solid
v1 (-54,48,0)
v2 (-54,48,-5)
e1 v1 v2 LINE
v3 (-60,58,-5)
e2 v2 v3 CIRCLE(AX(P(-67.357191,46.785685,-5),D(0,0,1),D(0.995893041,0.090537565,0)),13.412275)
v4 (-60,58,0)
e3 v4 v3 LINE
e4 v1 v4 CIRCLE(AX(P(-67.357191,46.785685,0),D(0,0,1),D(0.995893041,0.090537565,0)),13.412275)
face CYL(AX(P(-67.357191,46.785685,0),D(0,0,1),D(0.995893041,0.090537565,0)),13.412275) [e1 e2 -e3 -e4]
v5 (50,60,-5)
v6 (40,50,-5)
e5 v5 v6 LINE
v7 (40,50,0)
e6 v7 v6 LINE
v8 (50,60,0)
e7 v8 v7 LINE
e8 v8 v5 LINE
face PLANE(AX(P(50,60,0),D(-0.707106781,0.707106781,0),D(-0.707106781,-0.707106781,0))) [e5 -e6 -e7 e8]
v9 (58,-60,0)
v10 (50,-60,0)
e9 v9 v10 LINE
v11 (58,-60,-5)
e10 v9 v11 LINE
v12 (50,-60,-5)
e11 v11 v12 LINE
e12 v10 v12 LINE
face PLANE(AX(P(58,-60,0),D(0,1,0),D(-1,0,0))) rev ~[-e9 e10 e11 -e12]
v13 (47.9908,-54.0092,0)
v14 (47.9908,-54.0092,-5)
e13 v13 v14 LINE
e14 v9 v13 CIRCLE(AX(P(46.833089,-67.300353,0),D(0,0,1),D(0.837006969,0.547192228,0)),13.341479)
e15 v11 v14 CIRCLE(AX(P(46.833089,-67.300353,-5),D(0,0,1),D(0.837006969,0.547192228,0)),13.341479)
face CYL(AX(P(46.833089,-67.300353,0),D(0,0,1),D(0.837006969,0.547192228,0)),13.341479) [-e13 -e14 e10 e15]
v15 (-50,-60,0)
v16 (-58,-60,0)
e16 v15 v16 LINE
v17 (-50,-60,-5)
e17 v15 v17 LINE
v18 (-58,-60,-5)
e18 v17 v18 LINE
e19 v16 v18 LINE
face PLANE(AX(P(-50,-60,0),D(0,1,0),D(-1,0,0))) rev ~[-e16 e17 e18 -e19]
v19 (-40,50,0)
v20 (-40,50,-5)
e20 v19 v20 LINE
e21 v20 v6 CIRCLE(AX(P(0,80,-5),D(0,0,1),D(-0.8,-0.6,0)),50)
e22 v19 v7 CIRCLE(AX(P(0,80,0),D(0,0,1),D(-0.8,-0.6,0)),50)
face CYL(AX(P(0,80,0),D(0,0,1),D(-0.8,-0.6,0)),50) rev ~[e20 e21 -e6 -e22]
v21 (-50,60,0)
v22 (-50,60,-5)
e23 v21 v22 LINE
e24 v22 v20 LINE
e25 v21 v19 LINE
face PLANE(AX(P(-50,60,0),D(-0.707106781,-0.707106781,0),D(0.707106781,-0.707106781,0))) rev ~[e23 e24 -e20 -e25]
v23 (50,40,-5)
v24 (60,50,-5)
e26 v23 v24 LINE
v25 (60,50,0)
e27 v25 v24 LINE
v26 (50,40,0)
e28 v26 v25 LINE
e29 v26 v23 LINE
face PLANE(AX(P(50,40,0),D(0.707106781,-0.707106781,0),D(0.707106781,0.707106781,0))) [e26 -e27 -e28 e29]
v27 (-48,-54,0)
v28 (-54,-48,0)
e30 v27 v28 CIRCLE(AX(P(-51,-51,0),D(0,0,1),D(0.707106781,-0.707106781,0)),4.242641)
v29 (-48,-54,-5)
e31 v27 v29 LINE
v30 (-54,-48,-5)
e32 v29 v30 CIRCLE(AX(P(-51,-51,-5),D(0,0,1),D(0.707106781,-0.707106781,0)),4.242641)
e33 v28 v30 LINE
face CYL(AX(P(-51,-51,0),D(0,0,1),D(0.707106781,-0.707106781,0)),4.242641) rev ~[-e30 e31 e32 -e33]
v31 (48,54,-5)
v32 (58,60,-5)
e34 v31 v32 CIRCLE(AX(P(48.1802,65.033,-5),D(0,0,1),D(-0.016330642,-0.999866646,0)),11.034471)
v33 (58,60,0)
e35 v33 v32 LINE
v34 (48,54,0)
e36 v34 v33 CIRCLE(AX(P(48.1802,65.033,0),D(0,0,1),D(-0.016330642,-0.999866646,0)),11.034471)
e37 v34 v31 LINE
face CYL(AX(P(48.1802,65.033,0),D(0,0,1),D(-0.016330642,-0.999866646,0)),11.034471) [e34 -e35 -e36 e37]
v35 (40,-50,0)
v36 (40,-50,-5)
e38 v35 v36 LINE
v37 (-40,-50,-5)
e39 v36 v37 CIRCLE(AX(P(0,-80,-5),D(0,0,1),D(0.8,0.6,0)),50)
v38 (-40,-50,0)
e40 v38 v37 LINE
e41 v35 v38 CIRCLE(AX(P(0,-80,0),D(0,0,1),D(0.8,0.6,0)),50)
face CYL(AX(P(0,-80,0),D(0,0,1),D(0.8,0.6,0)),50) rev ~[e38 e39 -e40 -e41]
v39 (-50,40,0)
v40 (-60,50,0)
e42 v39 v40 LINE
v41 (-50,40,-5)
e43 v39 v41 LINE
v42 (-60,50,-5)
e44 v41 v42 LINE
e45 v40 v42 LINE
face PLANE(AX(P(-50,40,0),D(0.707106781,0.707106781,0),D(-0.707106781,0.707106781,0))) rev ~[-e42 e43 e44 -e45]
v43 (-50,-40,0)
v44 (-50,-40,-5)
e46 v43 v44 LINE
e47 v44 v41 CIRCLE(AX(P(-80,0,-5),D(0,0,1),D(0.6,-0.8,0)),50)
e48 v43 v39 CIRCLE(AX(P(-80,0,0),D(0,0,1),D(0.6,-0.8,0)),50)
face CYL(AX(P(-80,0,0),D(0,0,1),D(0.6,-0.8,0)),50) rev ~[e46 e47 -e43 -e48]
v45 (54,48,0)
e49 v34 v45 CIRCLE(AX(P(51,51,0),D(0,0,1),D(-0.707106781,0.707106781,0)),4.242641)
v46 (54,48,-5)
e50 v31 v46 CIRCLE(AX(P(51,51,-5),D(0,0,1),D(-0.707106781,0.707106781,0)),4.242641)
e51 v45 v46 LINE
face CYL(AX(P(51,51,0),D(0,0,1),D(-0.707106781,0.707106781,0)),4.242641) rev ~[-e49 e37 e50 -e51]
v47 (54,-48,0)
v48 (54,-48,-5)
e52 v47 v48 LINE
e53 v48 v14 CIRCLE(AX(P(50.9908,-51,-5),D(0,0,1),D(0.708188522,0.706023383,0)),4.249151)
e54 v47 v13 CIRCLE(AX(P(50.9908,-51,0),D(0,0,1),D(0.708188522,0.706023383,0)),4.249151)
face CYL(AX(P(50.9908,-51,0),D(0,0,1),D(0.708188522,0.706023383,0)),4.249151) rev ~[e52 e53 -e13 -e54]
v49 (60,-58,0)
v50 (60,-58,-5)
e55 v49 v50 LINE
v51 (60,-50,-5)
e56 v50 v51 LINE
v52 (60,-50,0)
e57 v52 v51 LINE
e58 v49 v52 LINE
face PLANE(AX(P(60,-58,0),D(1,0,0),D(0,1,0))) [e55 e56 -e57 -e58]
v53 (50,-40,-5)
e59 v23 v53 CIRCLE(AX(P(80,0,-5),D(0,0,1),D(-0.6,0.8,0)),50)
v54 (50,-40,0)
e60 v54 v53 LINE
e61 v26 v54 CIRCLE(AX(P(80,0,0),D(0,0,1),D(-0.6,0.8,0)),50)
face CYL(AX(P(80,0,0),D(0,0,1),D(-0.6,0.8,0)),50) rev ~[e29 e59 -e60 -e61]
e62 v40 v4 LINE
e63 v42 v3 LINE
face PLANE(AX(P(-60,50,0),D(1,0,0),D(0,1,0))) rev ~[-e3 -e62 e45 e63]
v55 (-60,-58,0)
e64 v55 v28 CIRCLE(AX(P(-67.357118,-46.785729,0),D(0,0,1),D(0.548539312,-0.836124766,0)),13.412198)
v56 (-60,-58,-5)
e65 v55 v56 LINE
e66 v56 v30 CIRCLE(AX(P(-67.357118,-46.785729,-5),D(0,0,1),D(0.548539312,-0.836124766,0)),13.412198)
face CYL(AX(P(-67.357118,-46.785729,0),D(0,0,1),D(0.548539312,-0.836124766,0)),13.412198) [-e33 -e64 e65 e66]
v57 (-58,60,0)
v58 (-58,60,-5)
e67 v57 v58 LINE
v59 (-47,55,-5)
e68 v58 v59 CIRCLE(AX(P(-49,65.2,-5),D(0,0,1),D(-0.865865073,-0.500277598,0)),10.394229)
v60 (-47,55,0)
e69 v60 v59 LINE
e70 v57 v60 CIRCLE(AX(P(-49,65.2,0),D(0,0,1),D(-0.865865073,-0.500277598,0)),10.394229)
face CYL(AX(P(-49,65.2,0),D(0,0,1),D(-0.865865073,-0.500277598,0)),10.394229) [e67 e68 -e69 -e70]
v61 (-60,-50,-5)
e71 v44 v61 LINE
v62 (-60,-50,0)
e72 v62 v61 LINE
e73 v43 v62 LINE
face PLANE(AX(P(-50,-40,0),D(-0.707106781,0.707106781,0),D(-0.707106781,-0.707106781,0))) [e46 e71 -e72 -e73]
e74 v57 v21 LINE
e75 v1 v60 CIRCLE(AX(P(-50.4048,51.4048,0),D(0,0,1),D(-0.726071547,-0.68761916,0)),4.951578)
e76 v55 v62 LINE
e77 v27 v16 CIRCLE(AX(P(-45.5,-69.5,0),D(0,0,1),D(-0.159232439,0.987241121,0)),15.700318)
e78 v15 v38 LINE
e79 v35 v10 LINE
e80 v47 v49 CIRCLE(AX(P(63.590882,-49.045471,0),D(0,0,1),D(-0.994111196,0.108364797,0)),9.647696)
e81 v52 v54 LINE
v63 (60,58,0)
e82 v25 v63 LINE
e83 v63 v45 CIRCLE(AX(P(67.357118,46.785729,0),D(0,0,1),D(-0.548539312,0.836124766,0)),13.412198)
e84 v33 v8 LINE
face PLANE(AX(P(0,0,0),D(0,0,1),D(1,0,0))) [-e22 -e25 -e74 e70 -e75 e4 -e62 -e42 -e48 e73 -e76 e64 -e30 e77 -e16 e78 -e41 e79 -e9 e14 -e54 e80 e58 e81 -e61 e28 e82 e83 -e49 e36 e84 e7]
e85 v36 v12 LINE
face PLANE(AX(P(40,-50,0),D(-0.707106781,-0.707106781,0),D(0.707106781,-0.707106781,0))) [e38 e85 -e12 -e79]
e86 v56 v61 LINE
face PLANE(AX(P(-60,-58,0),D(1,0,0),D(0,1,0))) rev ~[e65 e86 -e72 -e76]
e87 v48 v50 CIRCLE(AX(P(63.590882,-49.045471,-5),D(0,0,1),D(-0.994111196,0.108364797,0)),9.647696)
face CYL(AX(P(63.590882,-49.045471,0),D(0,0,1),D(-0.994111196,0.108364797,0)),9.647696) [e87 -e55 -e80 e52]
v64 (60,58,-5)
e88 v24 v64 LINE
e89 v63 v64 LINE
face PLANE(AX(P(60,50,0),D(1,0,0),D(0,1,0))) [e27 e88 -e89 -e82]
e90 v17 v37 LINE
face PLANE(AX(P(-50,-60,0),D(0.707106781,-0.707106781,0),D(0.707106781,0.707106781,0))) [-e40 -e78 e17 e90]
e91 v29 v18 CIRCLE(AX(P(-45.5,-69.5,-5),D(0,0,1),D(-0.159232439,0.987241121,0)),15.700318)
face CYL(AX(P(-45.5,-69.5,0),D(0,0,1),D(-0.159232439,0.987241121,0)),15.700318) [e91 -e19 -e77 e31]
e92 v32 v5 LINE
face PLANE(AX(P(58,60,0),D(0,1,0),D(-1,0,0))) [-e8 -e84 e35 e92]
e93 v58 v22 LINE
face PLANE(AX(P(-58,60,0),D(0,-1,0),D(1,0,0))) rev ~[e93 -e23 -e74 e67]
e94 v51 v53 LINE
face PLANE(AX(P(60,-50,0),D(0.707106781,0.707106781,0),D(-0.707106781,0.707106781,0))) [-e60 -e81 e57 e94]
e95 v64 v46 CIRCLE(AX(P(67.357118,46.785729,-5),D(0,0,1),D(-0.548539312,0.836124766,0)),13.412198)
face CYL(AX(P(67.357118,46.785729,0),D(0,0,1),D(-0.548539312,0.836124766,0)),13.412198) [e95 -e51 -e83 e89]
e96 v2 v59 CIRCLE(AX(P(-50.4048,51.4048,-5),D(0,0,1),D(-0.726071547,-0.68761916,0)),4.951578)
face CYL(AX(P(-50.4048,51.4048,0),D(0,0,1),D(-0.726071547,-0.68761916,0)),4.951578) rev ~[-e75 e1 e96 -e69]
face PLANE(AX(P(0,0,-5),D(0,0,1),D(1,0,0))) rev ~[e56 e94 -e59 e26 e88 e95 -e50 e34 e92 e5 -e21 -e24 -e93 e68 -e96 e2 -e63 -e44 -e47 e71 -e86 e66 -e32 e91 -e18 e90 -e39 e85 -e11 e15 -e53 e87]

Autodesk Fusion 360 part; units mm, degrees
sketch "Sketch1" plane through (0, 0, 0) normal (0, 0, 1) x (1, 0, 0)
  line L0 (50, -50) -> (-50, 50) construction
  line L1 (-50, -50) -> (50, 50) construction
  arc A0 (-50, -40) -> (-50, 40) centre (-80, 0) ccw
  arc A1 (40, -50) -> (-40, -50) centre (0, -80) ccw
  arc A2 (50, 40) -> (50, -40) centre (80, 0) ccw
  arc A3 (-40, 50) -> (40, 50) centre (0, 80) ccw
  line L2 (-50, 40) -> (-60, 50)
  line L3 (-50, 60) -> (-40, 50)
  line L4 (-50, -40) -> (-60, -50)
  line L5 (-50, -60) -> (-40, -50)
  line L6 (40, -50) -> (50, -60)
  line L7 (60, -50) -> (50, -40)
  line L8 (50, 40) -> (60, 50)
  line L9 (50, 60) -> (40, 50)
  arc A4 (48, 54) -> (58, 60) centre (48.1802, 65.033) ccw
  line L10 (46, 56) -> (56, 46) construction
  line L11 (-46, 56) -> (-57, 47) construction
  line L12 (-56, -46) -> (-46, -56) construction
  line L13 (56, -46) -> (46, -56) construction
  arc A5 (60, 58) -> (54, 48) centre (67.3571, 46.7857) ccw
  arc A6 (48, 54) -> (54, 48) centre (51, 51) ccw
  line L14 (60, 50) -> (60, 58)
  line L15 (58, 60) -> (50, 60)
  arc A7 (54, -48) -> (60, -58) centre (63.5909, -49.0455) ccw
  arc A8 (58, -60) -> (47.9908, -54.0092) centre (46.833, -67.3003) ccw
  arc A9 (54, -48) -> (47.9908, -54.0092) centre (50.9908, -51) ccw
  arc A10 (-48, -54) -> (-58, -60) centre (-45.5, -69.5) ccw
  arc A11 (-60, -58) -> (-54, -48) centre (-67.3571, -46.7857) ccw
  arc A12 (-48, -54) -> (-54, -48) centre (-51, -51) ccw
  arc A13 (-58, 60) -> (-47, 55) centre (-49, 65.2) ccw
  arc A14 (-54, 48) -> (-60, 58) centre (-67.3572, 46.7857) ccw
  arc A15 (-54, 48) -> (-47, 55) centre (-50.4048, 51.4048) ccw
  line L16 (-50, -60) -> (-58, -60)
  line L17 (-60, -58) -> (-60, -50)
  line L18 (58, -60) -> (50, -60)
  line L19 (60, -58) -> (60, -50)
  line L20 (-60, 50) -> (-60, 58)
  line L21 (-58, 60) -> (-50, 60)
extrude "Extrude1" add sketch "Sketch1" against normal blind 5
